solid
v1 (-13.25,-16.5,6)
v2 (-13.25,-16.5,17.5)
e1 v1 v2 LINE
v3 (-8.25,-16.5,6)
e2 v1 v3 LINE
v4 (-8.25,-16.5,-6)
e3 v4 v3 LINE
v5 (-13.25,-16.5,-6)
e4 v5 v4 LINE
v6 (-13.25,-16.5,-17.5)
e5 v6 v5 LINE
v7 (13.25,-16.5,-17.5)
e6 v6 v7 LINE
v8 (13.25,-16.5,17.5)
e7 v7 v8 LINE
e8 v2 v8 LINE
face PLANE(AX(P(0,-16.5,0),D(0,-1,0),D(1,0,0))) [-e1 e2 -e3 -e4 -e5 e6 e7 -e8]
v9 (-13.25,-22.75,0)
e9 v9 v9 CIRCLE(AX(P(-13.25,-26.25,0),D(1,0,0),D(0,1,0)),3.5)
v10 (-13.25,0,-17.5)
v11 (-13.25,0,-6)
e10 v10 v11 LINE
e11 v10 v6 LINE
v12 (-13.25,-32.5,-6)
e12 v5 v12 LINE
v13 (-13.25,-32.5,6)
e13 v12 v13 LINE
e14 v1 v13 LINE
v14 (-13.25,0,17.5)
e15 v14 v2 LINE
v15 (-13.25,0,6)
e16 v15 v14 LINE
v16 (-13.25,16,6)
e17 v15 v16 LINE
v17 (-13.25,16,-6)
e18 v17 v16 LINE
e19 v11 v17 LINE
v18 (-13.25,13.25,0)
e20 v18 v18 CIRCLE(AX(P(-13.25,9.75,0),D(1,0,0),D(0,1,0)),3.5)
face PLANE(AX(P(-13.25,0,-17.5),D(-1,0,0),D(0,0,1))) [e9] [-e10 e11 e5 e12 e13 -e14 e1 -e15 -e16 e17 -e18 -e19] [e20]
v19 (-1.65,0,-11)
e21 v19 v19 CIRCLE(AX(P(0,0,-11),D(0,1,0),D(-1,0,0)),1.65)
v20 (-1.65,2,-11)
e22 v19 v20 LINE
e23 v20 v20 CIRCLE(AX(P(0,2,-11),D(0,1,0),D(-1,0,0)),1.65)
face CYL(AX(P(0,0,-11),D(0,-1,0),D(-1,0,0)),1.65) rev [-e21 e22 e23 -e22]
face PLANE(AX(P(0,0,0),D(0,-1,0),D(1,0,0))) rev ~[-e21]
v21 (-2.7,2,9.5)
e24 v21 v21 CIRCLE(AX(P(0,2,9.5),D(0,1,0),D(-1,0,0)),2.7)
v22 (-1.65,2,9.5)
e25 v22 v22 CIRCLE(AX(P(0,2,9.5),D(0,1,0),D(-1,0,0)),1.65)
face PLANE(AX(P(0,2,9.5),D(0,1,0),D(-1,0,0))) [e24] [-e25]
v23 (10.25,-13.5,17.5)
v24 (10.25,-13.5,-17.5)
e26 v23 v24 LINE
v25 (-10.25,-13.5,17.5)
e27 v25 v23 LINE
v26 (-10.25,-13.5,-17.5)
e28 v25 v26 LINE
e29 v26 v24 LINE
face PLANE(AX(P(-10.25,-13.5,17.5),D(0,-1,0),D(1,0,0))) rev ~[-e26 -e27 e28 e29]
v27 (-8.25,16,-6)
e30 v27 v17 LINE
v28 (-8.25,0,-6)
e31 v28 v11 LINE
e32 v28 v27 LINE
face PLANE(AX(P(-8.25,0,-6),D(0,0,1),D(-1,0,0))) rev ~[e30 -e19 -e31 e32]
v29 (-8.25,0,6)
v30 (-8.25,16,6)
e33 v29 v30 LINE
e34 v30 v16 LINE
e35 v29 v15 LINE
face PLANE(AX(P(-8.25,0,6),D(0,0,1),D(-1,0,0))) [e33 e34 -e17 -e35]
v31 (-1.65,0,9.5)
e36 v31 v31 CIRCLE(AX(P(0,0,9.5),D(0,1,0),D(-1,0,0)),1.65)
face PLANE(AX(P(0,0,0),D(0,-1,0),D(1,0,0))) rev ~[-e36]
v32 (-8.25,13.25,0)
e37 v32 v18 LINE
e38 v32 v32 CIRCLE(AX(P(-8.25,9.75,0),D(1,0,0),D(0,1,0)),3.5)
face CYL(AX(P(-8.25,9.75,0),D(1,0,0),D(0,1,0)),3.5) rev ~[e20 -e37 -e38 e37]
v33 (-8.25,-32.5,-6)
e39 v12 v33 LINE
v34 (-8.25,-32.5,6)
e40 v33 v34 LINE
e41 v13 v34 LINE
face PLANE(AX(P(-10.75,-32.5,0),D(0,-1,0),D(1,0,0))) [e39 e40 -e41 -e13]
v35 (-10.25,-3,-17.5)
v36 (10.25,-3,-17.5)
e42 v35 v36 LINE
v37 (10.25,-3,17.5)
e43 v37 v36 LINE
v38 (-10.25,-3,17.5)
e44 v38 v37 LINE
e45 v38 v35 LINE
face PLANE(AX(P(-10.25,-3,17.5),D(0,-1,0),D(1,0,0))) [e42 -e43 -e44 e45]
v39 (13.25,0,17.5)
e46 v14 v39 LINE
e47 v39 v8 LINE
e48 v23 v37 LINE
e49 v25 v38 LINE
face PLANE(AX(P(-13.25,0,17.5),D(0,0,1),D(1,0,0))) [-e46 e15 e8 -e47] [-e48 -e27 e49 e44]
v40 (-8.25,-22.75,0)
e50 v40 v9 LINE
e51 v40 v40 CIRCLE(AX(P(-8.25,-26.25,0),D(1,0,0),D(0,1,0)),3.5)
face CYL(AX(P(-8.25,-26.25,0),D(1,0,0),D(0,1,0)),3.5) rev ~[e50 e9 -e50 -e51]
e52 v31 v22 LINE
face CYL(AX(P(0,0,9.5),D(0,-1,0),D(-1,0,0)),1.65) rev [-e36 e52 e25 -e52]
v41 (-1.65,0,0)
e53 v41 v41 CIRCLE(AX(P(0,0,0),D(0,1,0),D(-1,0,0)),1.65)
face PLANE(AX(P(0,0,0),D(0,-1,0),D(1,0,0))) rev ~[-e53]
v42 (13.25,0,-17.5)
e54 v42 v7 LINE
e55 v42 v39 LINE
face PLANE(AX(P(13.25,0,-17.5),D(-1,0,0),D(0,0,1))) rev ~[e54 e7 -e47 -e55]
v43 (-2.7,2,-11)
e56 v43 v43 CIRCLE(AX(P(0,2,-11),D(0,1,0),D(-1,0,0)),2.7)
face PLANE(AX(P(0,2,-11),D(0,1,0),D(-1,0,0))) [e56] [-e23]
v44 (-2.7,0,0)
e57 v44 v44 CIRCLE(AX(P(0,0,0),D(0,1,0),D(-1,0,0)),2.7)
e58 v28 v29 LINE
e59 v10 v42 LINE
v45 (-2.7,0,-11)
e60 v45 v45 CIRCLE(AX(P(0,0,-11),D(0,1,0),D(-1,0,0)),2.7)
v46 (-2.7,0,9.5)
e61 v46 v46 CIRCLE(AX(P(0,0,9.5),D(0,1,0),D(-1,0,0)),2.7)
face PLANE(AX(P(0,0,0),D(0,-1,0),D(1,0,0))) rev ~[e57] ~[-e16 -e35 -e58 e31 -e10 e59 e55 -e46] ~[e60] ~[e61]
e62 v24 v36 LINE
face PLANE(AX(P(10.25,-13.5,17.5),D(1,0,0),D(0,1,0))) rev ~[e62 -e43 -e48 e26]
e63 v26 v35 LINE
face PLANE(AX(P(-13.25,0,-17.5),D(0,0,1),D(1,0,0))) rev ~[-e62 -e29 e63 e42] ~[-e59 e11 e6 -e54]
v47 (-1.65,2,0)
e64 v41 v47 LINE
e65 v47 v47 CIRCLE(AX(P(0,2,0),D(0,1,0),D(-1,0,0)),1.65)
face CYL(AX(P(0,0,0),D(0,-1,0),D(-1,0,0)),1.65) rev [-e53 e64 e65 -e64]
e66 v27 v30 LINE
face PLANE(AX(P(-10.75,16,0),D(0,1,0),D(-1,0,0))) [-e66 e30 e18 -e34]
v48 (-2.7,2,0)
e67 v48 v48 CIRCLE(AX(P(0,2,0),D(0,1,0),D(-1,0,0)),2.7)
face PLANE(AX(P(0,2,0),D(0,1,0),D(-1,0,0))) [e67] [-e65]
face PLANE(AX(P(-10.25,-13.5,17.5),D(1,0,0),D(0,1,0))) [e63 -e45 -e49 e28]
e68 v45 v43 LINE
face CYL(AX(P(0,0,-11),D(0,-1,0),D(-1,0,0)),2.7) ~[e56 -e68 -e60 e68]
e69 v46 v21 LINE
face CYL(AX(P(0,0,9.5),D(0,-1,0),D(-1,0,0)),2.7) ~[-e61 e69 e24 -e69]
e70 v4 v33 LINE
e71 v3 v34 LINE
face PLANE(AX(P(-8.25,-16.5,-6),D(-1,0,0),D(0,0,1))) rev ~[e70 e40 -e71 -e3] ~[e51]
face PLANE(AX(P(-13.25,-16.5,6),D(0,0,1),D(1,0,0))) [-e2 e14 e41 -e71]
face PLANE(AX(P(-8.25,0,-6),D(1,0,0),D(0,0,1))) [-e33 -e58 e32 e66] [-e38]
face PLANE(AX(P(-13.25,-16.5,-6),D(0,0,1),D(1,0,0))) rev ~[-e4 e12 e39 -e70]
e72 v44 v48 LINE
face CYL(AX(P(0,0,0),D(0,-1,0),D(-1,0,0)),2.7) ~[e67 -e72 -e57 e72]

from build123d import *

# Parameters (mm, degrees)
F0_W      = 26.5
F0_H      = 35
F1_DEPTH  = 16.5
F2_W      = 20.5
F2_H      = 10.5
F3_DEPTH  = 35
F4_R      = 2.7
F4_R_2    = 1.65
F5_DEPTH  = 2
F6_W      = 5
F6_H      = 12
F7_DEPTH  = 16
F8_W      = 5
F8_H      = 12
F9_DEPTH  = 16
F10_R     = 3.5
F11_DEPTH = 5
F12_R     = 3.5
F13_DEPTH = 5


with BuildPart() as f1:
    # F0 (on Front) → F1 (new body)
    with BuildSketch(Plane.XZ):
        Rectangle(F0_W, F0_H)
    extrude(amount=F1_DEPTH)

    # F2 (on face) → F3 (cut)
    with BuildSketch(Plane.XY.offset(17.5)):
        with Locations((0, -8.25)):
            Rectangle(F2_W, F2_H)
    extrude(amount=-F3_DEPTH, mode=Mode.SUBTRACT)

    # F4 (on face) → F5 (join)
    with BuildSketch(Plane(origin=(0, 0, 0), x_dir=(-1, 0, 0), z_dir=(0, 1, 0))):
        Circle(F4_R)
        Circle(F4_R_2, mode=Mode.SUBTRACT)
        with Locations((0, 9.5)):
            Circle(F4_R)
        with Locations((0, 9.5)):
            Circle(F4_R_2, mode=Mode.SUBTRACT)
        with Locations((0, -11)):
            Circle(F4_R)
        with Locations((0, -11)):
            Circle(F4_R_2, mode=Mode.SUBTRACT)
    extrude(amount=F5_DEPTH)

    # F6 (on face) → F7 (join)
    with BuildSketch(Plane.XZ.offset(16.5)):
        with Locations((-10.75, 0)):
            Rectangle(F6_W, F6_H)
    extrude(amount=F7_DEPTH)

    # F8 (on face) → F9 (join)
    with BuildSketch(Plane(origin=(0, 0, 0), x_dir=(-1, 0, 0), z_dir=(0, 1, 0))):
        with Locations((10.75, 0)):
            Rectangle(F8_W, F8_H)
    extrude(amount=F9_DEPTH)

    # F10 (on face) → F11 (cut)
    with BuildSketch(Plane.YZ.offset(-8.25)):
        with Locations((9.75, 0)):
            Circle(F10_R)
    extrude(amount=-F11_DEPTH, mode=Mode.SUBTRACT)

    # F12 (on face) → F13 (cut)
    with BuildSketch(Plane.YZ.offset(-8.25)):
        with Locations((-26.25, 0)):
            Circle(F12_R)
    extrude(amount=-F13_DEPTH, mode=Mode.SUBTRACT)


solid = f1.part
